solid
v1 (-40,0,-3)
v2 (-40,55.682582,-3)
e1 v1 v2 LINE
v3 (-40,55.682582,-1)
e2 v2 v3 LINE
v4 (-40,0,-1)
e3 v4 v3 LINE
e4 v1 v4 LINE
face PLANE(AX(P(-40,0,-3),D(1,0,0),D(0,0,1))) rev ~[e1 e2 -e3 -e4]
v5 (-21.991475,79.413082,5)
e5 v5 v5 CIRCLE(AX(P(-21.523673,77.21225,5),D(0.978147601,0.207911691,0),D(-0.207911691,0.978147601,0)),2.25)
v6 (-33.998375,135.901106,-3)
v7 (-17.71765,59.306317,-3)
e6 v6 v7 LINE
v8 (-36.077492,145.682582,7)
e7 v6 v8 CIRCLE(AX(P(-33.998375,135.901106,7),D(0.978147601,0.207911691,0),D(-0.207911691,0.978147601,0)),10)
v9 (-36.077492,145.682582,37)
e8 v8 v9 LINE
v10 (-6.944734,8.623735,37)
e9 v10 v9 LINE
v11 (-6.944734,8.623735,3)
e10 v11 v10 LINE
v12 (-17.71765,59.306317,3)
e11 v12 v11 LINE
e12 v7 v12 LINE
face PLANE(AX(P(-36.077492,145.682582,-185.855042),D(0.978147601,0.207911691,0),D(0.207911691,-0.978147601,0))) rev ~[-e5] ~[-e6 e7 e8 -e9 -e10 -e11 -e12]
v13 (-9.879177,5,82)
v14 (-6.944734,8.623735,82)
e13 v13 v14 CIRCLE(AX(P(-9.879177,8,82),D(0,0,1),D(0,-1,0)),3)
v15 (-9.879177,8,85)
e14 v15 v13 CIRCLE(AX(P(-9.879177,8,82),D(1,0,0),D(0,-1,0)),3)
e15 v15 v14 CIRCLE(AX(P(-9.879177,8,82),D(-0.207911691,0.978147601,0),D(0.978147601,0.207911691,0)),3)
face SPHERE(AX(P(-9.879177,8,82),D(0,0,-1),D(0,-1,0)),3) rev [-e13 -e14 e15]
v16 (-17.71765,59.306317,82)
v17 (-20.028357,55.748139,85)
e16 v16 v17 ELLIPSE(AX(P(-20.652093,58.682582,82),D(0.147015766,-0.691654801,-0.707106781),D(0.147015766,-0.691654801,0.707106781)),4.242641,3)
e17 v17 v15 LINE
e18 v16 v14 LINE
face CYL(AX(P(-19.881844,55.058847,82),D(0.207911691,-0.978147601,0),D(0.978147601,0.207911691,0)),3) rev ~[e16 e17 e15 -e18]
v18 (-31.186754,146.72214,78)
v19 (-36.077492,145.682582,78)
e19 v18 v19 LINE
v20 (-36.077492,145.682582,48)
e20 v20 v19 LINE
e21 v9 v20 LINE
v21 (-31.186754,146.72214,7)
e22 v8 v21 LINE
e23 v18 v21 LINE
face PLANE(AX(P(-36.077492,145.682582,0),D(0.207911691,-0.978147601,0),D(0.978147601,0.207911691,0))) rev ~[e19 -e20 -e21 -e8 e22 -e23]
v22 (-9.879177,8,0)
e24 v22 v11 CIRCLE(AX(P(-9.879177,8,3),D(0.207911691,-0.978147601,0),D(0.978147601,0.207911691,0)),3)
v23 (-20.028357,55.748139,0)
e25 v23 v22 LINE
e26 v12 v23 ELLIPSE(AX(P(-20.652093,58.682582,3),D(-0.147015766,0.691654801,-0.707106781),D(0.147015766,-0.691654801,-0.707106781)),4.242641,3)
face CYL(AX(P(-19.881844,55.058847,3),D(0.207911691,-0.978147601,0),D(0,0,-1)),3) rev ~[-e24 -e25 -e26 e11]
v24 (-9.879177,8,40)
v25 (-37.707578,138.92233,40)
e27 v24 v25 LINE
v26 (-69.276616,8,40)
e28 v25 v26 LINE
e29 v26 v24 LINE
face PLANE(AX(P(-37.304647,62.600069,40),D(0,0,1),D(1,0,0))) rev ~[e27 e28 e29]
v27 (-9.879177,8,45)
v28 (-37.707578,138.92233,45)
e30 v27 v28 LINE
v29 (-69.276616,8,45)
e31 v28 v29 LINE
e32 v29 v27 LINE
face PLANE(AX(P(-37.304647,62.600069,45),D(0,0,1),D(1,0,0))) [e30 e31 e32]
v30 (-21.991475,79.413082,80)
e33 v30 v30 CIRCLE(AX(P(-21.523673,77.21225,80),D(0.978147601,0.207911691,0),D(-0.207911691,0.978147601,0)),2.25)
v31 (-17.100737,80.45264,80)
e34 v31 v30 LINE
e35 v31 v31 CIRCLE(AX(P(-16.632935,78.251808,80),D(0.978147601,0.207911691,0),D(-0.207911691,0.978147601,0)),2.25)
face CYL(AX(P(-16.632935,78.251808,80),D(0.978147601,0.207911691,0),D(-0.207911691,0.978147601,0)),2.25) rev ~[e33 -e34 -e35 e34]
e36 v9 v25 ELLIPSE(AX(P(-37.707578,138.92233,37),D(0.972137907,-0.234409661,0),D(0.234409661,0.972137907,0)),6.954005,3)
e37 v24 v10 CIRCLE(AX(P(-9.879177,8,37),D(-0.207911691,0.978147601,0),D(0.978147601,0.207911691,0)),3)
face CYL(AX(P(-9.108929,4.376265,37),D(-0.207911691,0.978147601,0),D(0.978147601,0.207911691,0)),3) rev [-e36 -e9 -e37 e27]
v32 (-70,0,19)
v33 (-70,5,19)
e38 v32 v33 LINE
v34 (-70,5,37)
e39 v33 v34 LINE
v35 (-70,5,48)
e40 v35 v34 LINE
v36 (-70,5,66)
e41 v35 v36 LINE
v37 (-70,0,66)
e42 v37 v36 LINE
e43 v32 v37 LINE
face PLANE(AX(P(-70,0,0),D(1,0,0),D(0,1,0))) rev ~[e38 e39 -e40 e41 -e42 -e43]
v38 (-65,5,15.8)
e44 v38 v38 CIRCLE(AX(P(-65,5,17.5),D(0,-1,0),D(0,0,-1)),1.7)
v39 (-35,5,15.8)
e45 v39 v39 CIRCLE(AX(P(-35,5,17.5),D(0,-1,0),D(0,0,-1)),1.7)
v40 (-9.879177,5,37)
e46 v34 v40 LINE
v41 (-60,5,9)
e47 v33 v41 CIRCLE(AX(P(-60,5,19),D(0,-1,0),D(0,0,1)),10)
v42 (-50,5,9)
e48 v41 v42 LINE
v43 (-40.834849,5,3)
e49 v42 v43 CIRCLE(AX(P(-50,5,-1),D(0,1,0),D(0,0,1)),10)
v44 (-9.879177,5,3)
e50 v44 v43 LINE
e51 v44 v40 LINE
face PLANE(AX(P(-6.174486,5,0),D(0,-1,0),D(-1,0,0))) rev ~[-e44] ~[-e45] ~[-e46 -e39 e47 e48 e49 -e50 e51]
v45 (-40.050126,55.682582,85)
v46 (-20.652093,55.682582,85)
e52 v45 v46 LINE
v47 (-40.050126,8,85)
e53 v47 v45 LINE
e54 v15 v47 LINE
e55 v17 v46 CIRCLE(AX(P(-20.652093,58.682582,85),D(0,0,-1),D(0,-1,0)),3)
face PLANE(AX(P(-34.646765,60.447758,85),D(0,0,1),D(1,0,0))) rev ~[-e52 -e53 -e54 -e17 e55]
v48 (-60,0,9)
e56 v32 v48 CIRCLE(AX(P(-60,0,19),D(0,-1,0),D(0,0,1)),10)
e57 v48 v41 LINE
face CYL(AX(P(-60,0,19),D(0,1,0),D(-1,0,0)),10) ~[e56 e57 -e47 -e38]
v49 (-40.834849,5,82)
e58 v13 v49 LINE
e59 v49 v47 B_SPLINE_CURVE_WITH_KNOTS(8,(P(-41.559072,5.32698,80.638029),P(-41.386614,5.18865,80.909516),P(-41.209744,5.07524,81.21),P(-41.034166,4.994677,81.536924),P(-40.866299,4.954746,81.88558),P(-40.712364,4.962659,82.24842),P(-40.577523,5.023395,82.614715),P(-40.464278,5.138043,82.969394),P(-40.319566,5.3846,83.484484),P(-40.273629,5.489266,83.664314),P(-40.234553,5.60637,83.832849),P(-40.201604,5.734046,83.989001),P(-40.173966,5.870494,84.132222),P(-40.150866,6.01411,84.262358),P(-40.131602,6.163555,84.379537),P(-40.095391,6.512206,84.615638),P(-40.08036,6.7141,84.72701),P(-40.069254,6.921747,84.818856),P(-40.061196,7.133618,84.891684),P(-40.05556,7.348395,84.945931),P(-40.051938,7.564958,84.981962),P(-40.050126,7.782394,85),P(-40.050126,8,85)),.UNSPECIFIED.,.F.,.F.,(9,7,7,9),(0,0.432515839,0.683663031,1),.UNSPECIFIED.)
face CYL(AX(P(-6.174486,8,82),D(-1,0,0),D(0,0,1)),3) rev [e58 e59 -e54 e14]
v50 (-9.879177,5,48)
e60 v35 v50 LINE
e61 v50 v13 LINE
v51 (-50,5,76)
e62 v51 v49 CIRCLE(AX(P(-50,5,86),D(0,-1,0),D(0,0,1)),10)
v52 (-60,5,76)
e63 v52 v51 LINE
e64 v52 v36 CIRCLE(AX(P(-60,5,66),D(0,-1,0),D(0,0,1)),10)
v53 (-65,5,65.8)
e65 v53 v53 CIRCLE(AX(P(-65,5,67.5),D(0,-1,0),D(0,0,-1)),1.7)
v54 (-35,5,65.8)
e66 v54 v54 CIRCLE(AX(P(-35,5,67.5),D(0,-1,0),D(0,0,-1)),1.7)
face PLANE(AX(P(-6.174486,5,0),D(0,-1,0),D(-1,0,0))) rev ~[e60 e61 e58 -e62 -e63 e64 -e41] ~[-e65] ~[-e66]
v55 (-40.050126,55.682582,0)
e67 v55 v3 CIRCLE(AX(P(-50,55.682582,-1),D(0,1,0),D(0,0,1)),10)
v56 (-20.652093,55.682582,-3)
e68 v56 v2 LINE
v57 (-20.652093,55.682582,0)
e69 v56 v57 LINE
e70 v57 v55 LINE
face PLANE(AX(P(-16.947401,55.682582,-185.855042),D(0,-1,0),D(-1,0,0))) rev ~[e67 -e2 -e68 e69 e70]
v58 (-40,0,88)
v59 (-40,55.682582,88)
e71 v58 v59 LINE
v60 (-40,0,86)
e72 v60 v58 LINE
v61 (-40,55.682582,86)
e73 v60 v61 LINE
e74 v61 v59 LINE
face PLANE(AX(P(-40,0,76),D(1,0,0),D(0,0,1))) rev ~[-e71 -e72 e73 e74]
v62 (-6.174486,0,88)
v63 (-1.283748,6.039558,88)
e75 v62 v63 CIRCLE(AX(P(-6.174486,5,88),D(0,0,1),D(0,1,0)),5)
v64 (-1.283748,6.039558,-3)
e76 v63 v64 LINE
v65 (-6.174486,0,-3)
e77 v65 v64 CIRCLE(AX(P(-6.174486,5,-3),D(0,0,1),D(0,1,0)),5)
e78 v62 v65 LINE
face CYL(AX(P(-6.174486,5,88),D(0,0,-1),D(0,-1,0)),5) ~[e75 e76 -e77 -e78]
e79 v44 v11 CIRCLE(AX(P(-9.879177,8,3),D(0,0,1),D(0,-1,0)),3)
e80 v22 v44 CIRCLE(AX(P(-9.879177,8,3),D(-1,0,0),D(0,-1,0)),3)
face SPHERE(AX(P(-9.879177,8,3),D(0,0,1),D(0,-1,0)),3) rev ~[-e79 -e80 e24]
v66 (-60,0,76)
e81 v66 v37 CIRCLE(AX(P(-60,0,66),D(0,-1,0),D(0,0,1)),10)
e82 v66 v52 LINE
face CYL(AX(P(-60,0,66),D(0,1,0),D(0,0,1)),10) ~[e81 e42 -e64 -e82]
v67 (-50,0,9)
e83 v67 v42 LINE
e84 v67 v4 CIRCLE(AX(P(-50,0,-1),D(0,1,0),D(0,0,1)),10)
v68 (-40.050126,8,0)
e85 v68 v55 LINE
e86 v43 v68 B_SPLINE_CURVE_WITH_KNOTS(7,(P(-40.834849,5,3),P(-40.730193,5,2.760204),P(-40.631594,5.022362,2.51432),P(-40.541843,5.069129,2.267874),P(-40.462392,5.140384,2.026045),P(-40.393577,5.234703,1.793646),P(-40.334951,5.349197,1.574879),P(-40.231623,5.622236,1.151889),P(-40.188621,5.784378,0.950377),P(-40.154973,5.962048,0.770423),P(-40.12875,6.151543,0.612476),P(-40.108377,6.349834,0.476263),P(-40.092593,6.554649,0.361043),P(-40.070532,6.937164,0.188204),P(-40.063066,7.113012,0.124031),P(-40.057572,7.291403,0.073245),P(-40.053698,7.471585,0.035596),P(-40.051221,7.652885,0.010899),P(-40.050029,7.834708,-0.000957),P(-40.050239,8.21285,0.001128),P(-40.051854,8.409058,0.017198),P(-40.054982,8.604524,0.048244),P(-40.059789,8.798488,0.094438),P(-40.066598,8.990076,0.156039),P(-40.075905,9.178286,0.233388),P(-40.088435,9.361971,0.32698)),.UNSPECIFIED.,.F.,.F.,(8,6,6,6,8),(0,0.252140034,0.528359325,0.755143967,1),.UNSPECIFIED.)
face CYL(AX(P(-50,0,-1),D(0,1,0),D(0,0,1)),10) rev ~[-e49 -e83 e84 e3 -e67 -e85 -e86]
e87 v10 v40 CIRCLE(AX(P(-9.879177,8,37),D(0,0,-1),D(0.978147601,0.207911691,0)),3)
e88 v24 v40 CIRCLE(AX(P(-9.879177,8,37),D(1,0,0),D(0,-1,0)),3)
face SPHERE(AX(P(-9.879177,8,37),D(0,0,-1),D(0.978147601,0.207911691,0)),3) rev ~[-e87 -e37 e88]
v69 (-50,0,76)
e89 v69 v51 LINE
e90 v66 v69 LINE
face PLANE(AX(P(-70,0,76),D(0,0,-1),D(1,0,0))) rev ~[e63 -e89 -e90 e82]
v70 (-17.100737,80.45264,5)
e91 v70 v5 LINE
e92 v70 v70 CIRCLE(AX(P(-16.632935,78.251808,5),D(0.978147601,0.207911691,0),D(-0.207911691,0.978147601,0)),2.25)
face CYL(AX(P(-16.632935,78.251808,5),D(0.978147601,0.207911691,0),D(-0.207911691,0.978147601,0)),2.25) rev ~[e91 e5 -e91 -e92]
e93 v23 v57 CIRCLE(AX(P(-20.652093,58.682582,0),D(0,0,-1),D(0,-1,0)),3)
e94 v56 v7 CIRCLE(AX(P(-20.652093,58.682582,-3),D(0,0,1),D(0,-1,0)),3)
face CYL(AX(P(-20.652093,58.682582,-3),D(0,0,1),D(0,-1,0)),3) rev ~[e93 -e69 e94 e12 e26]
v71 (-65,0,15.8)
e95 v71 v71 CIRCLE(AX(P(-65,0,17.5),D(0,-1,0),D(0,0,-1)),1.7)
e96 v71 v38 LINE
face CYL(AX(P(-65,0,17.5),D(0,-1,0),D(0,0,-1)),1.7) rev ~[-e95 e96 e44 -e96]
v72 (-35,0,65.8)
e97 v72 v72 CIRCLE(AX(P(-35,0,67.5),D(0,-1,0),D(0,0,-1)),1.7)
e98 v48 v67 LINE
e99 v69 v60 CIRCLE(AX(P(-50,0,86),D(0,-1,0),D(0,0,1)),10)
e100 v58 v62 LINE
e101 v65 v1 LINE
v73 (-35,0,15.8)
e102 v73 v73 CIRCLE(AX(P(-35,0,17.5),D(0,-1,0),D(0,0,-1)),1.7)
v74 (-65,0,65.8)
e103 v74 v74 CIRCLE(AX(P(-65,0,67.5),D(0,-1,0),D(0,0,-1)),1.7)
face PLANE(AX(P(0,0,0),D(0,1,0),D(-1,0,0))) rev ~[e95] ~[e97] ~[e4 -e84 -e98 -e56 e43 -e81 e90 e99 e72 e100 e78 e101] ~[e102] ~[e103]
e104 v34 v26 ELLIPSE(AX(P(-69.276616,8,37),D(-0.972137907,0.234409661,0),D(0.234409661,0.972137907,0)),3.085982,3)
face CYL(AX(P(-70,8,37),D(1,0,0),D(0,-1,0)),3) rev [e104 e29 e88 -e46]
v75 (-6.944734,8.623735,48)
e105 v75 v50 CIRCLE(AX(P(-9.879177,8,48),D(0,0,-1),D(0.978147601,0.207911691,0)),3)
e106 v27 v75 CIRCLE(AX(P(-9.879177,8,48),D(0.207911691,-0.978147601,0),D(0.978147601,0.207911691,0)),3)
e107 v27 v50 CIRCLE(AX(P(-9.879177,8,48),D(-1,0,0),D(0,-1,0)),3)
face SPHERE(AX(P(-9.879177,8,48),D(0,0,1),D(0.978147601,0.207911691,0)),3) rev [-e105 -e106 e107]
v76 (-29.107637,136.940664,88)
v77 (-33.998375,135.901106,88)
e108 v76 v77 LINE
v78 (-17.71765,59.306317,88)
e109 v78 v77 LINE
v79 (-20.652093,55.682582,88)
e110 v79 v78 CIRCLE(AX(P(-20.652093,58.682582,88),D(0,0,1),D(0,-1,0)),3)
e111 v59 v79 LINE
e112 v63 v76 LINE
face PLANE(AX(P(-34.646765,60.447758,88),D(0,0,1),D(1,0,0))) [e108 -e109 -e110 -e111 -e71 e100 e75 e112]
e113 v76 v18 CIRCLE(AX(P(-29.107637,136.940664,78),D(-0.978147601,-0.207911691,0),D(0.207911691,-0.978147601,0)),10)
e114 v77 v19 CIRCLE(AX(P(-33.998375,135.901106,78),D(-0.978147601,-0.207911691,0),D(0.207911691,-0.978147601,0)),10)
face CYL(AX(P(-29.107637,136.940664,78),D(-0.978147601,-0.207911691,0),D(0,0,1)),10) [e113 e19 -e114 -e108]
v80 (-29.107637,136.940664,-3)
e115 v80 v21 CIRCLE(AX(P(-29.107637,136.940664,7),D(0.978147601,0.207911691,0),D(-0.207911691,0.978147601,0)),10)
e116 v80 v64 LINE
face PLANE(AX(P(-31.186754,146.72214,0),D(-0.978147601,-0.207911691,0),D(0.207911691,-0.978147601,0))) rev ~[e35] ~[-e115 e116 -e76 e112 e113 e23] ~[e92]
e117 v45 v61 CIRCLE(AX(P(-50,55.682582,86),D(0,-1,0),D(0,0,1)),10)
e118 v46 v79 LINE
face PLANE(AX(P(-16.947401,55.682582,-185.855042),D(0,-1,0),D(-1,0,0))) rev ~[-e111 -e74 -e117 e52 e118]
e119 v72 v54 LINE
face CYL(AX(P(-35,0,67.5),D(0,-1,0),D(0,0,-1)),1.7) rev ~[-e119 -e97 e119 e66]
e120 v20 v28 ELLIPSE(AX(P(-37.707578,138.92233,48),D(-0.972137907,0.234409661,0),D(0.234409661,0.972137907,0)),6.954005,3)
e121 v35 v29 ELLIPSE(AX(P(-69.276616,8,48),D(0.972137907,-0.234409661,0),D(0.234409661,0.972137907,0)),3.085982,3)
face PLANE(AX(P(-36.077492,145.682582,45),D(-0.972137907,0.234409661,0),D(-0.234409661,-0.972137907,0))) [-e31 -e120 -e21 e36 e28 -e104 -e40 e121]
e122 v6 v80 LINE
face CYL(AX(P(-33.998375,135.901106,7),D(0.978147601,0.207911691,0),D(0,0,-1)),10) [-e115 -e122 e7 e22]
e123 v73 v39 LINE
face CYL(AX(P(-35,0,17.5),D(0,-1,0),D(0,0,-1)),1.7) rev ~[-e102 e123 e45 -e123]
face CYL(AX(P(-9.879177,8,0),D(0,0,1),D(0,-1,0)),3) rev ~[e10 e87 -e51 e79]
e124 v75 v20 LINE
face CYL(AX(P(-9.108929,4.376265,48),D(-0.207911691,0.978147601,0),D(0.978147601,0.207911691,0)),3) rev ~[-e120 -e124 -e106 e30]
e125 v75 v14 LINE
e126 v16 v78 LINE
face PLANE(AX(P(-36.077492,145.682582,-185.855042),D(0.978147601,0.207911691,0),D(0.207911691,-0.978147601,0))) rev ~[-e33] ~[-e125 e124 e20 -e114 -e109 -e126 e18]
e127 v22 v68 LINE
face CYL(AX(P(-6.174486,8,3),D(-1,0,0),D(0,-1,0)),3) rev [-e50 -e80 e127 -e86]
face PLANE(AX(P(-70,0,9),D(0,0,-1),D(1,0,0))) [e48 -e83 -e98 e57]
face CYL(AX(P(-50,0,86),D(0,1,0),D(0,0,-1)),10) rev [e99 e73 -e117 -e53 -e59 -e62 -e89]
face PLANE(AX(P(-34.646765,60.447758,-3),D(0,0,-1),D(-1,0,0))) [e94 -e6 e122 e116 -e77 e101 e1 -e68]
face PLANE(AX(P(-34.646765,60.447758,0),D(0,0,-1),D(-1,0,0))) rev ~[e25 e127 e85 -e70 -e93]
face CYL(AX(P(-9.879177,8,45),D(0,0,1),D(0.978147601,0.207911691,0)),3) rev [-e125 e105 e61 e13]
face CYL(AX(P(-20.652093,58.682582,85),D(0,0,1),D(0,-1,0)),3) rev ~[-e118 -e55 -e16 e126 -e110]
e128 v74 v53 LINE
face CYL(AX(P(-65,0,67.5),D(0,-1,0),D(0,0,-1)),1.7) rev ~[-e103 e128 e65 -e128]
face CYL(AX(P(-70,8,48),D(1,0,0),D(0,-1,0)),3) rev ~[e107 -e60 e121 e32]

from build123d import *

# Parameters (mm, degrees)
EXTRUDE_1_DEPTH          = 85
SKETCH_3_R               = 2.2499999999999964
SKETCH_3_R_2             = 2.2500000000000018
CUT_EXTRUDE_1_DEPTH      = 19.999999999999996
EXTRUDE_2_DEPTH          = 3
EXTRUDE_3_DEPTH          = 3
FILLET_1_R               = 5
SKETCH_6_R               = 1.6999999999999973
SKETCH_6_R_2             = 1.7000000000000015
SKETCH_6_R_3             = 1.6999999999999984
SKETCH_6_R_4             = 1.6999999999999995
CUT_EXTRUDE_2_DEPTH      = 10
CUT_EXTRUDE_3_DEPTH      = 185.8550415825309
CUT_EXTRUDE_3_DEPTH_BACK = 185.8550415825309
SKETCH_8_W               = 29.999999999999993
SKETCH_8_H               = 12
SKETCH_8_H_2             = 12.000000000000002
CUT_EXTRUDE_4_DEPTH      = 150
EXTRUDE_4_DEPTH          = 5
FILLET_4_R               = 3
FILLET_5_R               = 10
FILLET_6_R               = 10


with BuildPart() as part:
    # 草图2 → 凸台-拉伸1 (new body)
    with BuildSketch(Plane.XY):
        Polygon((0, 0), (-31.18675362266453, 146.7221401100707), (-36.07749162633355, 145.6825816559819), (-6.174485782675303, 5), (-70, 4.999999999999992), (-70, 0), align=None)
    extrude(amount=EXTRUDE_1_DEPTH)

    # 草图3 → 切除-拉伸1 (cut)
    with BuildSketch(Plane(origin=(0, 0, 0), x_dir=(0, 0, -1), z_dir=(0.9781476007338048, 0.20791169081776356, 0))):
        with Locations(Location((-79.99999999999997, 79.99999999999996, 0), (0, 0, 90))):
            Circle(SKETCH_3_R)
        with Locations(Location((-4.999999999999984, 79.99999999999996, 0), (0, 0, 90))):
            Circle(SKETCH_3_R_2)
    extrude(amount=-CUT_EXTRUDE_1_DEPTH, mode=Mode.SUBTRACT)

    # 草图4 → 凸台-拉伸2 (add)
    with BuildSketch(Plane.XY.offset(85)):
        Polygon((-36.07749162633355, 145.6825816559819), (-70, 4.999999999999992), (-70, 0), (0, 0), (-31.18675362266453, 146.7221401100707), align=None)
    extrude(amount=EXTRUDE_2_DEPTH)

    # 草图5 → 凸台-拉伸3 (add)
    with BuildSketch(Plane(origin=(0, 0, 0), x_dir=(-1, 0, 0), z_dir=(0, 0, -1))):
        Polygon((36.07749162633355, 145.6825816559819), (31.18675362266453, 146.7221401100707), (0, 0), (70, 0), (70, 4.999999999999992), align=None)
    extrude(amount=EXTRUDE_3_DEPTH)

    # 圆角1
    fillet_1_edges = [part.edges().sort_by_distance(p)[0] for p in [
        (0, 0, 42.5),
    ]]
    fillet(fillet_1_edges, radius=FILLET_1_R)

    # 草图6 → 切除-拉伸2 (cut)
    with BuildSketch(Plane.XZ):
        with Locations(Location((-65, 67.5, 0), (0, 0, 270))):
            Circle(SKETCH_6_R)
        with Locations(Location((-34.99999999999999, 67.5, 0), (0, 0, 270))):
            Circle(SKETCH_6_R_2)
        with Locations(Location((-65.00000000000001, 17.5, 0), (0, 0, 270))):
            Circle(SKETCH_6_R_3)
        with Locations(Location((-34.999999999999986, 17.5, 0), (0, 0, 270))):
            Circle(SKETCH_6_R_4)
    extrude(amount=-CUT_EXTRUDE_2_DEPTH, mode=Mode.SUBTRACT)

    # 草图7 → 切除-拉伸3 (cut, two sides: drawn at the far end of the back side and taken through both)
    with BuildSketch(Plane.XY.offset(-CUT_EXTRUDE_3_DEPTH_BACK)):
        Polygon((-36.07749162633355, 145.6825816559819), (-16.94740107603117, 55.68258165598189), (-57.7790108740802, 55.682581655981885), align=None)
    extrude(amount=CUT_EXTRUDE_3_DEPTH + CUT_EXTRUDE_3_DEPTH_BACK, mode=Mode.SUBTRACT)

    # 草图8 → 切除-拉伸4 (cut)
    with BuildSketch(Plane.XZ):
        with Locations((-55, 82.00000000000001)):
            Rectangle(SKETCH_8_W, SKETCH_8_H)
        with Locations((-55, 3.000000000000001)):
            Rectangle(SKETCH_8_W, SKETCH_8_H_2)
    extrude(amount=-CUT_EXTRUDE_4_DEPTH, mode=Mode.SUBTRACT)

    # 草图9 → 凸台-拉伸4 (add)
    with BuildSketch(Plane.XY.offset(45.000000000000014)):
        Polygon((-36.077491626333554, 145.6825816559819), (-70, 5), (-6.174485782675303, 5), align=None)
    extrude(amount=-EXTRUDE_4_DEPTH)

    # 圆角4
    fillet_4_edges = [part.edges().sort_by_distance(p)[0] for p in [
        (-16.94740107603117, 55.68258165598189, -1.5),
        (-6.174485782675303, 5, 65),
        (-6.174485782675303, 5, 20.000000000000007),
        (-21.125988704504426, 75.34129082799095, 40.000000000000014),
        (-38.08724289133765, 5, 40.000000000000014),
        (-21.125988704504426, 75.34129082799095, 45.000000000000014),
        (-38.08724289133765, 5, 45.000000000000014),
        (-23.087242891337652, 4.999999999999998, 85),
        (-23.087242891337652, 4.999999999999998, 0),
        (-11.560943429353237, 30.34129082799096, 0),
        (-11.560943429353237, 30.34129082799096, 85),
        (-16.94740107603117, 55.68258165598189, 86.5),
    ]]
    fillet(fillet_4_edges, radius=FILLET_4_R)

    # 圆角5
    fillet_5_edges = [part.edges().sort_by_distance(p)[0] for p in [
        (-70, 2.499999999999996, 9.000000000000002),
        (-70, 2.499999999999996, 76.00000000000001),
        (-40.00000000000001, 2.499999999999998, 76.00000000000001),
        (-40.00000000000001, 2.499999999999998, 9.000000000000002),
    ]]
    fillet(fillet_5_edges, radius=FILLET_5_R)

    # 圆角6
    fillet_6_edges = [part.edges().sort_by_distance(p)[0] for p in [
        (-33.63212262449904, 146.2023608830263, 88),
        (-33.63212262449904, 146.2023608830263, -3),
    ]]
    fillet(fillet_6_edges, radius=FILLET_6_R)


solid = part.part
